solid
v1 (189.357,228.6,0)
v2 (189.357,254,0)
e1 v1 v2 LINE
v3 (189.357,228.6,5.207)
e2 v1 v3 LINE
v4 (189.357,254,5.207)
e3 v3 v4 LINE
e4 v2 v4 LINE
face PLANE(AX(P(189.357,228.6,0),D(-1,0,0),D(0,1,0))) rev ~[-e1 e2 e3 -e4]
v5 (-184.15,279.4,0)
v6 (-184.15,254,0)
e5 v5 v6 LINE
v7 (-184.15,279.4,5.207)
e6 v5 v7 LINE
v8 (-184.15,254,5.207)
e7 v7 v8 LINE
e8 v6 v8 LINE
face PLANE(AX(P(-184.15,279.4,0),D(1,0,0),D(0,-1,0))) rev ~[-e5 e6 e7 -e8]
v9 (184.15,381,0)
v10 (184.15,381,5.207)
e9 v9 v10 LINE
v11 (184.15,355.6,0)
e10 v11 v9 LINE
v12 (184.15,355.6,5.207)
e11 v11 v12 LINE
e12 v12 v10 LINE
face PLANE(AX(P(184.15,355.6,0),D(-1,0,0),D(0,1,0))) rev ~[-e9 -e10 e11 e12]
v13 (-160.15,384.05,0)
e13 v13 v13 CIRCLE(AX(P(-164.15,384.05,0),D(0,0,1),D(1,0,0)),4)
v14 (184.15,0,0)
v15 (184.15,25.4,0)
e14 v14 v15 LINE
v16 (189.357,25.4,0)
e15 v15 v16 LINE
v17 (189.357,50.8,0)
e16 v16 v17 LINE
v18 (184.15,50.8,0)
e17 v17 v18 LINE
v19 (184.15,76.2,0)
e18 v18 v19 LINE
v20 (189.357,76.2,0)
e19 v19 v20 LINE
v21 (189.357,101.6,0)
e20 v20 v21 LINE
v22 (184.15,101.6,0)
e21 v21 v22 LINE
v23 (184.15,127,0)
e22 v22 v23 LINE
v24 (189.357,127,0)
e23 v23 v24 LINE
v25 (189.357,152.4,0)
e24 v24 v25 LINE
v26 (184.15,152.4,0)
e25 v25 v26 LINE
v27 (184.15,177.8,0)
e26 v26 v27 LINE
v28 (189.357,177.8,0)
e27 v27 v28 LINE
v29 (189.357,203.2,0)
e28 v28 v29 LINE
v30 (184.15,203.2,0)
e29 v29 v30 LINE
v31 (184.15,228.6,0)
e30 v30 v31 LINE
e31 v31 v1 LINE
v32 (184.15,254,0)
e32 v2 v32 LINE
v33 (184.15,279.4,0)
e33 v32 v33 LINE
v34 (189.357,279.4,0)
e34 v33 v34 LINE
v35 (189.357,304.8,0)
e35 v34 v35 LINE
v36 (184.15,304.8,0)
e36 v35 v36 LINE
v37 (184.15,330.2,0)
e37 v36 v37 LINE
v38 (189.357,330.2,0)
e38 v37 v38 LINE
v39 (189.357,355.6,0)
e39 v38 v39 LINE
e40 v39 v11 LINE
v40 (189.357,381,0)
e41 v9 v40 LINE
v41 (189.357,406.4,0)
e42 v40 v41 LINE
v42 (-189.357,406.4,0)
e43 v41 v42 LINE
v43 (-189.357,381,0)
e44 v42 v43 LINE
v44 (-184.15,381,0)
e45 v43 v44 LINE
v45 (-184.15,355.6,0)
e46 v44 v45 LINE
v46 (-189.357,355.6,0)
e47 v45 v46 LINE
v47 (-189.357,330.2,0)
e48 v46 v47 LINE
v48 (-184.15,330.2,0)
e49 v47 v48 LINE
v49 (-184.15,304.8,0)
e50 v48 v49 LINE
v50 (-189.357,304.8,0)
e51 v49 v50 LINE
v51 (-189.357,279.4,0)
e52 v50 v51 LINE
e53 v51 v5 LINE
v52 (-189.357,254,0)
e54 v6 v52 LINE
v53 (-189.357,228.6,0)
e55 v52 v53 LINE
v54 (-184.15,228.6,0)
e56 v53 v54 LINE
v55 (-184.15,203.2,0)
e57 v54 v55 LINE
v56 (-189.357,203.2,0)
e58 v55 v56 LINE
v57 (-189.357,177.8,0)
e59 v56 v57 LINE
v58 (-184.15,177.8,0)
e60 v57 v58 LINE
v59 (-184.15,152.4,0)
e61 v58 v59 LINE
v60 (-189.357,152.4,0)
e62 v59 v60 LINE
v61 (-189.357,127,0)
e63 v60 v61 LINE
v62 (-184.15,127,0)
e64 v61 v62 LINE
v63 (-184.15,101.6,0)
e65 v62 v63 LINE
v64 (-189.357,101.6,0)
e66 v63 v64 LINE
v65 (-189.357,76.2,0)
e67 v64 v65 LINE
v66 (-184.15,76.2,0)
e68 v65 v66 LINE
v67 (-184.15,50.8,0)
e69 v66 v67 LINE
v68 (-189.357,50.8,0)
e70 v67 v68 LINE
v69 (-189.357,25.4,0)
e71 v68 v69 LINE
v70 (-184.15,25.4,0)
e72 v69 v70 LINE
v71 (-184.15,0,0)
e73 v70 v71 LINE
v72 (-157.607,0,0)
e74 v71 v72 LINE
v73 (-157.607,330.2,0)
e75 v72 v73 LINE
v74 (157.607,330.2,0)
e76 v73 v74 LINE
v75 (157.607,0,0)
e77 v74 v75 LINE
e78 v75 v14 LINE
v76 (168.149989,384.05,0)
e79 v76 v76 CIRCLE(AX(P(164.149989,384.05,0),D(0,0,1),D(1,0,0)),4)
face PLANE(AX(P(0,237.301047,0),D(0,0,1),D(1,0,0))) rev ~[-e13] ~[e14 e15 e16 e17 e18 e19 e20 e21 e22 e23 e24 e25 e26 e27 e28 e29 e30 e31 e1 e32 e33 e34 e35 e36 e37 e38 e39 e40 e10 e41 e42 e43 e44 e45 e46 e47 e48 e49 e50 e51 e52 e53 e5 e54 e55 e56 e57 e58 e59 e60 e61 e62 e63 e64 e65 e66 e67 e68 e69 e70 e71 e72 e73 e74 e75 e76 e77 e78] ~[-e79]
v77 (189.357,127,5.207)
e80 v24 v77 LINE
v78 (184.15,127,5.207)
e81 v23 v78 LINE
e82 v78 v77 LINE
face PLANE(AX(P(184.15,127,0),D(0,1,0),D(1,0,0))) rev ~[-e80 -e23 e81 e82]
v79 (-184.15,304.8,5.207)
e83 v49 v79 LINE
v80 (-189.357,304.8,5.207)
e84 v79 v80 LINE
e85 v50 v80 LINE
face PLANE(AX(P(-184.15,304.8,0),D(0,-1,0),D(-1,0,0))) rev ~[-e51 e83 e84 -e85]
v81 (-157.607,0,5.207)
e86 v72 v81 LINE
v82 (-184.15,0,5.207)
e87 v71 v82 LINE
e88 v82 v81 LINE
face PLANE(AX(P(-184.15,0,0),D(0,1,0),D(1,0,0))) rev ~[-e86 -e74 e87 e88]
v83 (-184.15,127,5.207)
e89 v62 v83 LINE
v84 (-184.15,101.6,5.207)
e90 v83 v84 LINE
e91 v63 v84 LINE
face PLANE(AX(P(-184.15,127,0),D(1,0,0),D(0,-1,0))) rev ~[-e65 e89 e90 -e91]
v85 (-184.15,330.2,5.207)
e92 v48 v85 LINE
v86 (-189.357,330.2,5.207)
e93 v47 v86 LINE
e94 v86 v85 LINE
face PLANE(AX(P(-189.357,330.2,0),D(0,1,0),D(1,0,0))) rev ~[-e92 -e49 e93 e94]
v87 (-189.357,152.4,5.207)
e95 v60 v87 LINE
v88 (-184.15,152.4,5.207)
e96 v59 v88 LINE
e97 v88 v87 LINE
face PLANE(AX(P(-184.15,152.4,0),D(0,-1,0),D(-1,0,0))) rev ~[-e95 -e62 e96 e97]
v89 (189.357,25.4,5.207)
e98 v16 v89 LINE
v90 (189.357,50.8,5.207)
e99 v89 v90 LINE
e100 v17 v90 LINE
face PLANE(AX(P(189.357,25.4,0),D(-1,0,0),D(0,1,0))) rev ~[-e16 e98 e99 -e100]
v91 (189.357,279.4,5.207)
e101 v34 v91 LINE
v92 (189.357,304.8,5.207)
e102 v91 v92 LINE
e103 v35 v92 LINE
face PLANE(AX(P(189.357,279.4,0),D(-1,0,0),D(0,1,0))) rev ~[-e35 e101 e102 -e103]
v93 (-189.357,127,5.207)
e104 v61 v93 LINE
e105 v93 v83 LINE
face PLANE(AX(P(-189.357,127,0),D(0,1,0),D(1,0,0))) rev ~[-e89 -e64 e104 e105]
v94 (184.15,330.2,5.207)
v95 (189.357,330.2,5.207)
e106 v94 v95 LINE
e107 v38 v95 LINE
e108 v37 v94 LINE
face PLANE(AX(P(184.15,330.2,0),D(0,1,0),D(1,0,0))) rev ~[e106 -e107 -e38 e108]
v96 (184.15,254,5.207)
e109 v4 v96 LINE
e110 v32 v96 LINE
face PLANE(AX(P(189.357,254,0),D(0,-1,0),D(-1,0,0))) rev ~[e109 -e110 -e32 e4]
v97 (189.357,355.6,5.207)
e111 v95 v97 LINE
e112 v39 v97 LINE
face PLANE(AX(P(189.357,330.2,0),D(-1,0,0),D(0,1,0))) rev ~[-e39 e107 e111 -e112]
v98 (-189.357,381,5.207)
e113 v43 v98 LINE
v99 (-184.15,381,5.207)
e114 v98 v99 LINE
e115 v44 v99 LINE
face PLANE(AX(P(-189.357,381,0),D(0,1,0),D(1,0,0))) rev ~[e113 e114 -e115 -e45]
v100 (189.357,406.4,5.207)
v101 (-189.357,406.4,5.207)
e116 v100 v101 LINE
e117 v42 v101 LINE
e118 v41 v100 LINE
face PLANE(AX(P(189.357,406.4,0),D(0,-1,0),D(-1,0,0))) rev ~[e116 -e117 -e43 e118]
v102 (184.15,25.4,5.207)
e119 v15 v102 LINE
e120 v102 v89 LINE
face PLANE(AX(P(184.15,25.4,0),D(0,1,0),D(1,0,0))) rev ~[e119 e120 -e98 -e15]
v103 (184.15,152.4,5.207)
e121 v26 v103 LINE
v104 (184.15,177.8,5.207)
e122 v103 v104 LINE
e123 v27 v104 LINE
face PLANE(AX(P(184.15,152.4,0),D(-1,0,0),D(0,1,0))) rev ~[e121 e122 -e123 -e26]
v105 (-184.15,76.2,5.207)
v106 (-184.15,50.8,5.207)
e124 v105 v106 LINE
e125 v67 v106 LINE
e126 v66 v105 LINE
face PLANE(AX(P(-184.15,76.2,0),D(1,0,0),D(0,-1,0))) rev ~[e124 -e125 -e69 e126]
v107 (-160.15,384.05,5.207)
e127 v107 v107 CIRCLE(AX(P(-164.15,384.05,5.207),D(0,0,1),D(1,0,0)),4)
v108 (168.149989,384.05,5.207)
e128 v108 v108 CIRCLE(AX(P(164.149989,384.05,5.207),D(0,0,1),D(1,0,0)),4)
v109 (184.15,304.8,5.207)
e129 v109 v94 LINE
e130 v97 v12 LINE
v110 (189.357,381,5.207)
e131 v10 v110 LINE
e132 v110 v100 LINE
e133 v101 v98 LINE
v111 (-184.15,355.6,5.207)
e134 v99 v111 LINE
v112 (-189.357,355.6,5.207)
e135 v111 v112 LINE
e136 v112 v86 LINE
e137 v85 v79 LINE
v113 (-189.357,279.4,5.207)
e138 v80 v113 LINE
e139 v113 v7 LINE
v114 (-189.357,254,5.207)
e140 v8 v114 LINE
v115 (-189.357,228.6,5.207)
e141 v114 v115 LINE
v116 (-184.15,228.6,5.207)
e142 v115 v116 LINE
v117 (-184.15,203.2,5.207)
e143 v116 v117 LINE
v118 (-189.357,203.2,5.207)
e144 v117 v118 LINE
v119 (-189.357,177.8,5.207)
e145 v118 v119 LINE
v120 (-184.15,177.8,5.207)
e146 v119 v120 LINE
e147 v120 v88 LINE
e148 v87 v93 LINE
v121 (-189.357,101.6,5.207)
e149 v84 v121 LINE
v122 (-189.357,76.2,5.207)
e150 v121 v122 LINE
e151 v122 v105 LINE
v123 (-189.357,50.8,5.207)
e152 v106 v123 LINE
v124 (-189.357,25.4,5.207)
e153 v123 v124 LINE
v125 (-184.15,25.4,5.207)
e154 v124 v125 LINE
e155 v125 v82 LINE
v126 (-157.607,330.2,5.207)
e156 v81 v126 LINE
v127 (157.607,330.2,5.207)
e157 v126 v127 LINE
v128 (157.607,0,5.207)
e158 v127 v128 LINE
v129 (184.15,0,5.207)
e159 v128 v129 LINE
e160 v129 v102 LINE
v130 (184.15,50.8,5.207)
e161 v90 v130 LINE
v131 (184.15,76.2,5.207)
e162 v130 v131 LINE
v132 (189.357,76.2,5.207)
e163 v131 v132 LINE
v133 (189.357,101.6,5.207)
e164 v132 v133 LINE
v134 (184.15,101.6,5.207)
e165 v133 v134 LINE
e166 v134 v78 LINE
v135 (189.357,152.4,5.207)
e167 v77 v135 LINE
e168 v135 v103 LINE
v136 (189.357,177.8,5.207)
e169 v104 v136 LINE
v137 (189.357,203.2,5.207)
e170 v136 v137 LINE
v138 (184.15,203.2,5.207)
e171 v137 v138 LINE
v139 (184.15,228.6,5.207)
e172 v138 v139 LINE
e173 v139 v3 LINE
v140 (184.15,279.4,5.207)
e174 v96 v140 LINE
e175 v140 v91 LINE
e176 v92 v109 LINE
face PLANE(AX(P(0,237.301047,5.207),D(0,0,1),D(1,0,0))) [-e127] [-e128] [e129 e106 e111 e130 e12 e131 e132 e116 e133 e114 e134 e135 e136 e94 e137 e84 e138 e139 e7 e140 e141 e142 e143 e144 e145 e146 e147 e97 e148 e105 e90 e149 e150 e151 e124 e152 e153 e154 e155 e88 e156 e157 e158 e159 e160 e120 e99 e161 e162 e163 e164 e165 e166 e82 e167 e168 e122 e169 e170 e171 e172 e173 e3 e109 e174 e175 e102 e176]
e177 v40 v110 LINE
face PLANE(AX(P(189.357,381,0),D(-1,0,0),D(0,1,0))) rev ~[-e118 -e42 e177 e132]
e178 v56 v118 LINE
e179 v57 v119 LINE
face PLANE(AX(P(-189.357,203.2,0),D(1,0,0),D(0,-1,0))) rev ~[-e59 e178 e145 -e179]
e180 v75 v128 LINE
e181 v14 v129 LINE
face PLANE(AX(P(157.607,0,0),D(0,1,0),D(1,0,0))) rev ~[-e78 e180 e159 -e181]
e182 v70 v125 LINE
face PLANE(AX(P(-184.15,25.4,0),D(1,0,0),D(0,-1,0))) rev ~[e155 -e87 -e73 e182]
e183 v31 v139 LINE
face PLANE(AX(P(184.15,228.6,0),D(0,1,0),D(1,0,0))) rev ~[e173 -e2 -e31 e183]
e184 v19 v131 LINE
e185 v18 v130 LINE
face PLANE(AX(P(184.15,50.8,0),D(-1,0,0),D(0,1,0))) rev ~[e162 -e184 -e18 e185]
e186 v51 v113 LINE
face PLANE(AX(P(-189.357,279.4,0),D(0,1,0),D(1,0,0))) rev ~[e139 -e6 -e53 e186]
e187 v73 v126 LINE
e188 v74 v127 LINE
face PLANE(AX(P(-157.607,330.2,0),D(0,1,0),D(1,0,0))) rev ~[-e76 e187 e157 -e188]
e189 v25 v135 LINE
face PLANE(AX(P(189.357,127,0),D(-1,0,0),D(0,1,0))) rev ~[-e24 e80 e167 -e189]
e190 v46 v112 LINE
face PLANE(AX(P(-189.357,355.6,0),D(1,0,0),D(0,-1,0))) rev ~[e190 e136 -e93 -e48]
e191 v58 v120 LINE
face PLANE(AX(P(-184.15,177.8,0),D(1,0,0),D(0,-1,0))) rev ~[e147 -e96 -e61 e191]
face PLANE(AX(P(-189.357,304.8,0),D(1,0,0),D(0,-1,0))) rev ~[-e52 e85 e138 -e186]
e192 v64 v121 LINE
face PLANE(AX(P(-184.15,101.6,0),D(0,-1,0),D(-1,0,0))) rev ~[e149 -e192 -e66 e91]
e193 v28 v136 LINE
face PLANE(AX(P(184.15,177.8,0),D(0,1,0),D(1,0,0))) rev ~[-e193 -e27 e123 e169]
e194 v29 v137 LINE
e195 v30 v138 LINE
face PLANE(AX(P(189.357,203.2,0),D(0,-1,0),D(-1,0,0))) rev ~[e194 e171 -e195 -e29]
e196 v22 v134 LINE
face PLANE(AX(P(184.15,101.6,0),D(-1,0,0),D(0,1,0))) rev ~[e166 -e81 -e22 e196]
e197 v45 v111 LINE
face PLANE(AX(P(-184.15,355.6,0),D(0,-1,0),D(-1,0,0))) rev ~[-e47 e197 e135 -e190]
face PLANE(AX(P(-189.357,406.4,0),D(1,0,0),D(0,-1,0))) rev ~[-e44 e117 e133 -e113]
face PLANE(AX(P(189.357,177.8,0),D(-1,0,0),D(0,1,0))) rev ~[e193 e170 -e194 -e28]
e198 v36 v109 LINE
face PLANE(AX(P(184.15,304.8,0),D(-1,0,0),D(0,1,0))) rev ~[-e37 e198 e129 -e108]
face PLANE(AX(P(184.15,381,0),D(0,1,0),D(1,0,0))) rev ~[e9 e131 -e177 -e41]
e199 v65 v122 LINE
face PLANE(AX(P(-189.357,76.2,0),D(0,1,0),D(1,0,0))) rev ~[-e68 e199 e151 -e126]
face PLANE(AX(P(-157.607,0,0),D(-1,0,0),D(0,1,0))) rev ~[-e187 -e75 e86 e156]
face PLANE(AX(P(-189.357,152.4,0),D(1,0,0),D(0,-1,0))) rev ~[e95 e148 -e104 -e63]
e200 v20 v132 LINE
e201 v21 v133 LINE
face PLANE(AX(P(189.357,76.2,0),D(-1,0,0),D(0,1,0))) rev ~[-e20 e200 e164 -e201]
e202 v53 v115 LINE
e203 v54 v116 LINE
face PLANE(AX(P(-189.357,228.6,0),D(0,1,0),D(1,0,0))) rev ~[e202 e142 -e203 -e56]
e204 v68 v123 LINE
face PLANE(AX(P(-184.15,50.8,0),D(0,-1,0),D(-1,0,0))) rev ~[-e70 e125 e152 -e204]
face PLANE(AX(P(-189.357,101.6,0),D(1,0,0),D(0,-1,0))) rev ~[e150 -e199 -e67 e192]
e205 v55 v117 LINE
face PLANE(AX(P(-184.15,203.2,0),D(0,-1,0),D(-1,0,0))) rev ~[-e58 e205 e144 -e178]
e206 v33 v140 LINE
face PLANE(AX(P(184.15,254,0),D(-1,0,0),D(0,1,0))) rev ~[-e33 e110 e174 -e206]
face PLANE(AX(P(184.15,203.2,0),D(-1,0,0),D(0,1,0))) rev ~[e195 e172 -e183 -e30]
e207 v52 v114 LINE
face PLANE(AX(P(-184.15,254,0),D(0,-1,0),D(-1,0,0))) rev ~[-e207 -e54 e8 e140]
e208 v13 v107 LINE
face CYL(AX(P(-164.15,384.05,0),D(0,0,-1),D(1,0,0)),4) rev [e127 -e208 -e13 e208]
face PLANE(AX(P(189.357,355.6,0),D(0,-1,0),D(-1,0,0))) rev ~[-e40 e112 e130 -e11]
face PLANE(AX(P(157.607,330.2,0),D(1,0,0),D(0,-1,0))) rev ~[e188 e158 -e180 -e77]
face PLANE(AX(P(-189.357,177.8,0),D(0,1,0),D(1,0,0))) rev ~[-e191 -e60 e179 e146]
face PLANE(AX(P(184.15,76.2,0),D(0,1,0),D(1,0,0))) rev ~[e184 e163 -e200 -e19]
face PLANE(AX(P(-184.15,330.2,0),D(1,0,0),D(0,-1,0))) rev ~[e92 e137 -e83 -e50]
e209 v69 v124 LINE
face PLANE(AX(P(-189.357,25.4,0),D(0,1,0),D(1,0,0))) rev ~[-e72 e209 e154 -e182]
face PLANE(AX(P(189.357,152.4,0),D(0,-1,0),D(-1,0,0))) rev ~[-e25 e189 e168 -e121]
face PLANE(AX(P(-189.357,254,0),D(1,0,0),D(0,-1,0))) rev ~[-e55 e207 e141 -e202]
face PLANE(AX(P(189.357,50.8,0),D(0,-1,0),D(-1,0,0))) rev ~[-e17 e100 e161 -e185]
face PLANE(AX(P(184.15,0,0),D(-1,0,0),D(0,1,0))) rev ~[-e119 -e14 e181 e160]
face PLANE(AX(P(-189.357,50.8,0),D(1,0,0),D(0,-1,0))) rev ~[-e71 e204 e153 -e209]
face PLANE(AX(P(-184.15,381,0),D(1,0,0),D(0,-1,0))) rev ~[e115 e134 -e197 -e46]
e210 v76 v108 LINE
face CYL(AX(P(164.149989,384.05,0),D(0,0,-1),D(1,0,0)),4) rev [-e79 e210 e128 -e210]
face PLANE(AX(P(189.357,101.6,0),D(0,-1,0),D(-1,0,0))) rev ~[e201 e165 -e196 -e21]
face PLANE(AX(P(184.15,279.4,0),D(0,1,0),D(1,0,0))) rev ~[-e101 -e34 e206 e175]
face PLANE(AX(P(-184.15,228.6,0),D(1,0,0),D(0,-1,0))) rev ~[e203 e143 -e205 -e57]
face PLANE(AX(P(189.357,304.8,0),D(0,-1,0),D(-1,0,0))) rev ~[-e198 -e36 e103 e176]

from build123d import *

# Parameters (mm, degrees)
SKETCH1_R           = 4
BOSS_EXTRUDE1_DEPTH = 5.207


with BuildPart() as part:
    # Sketch1 → Boss-Extrude1 (new body)
    with BuildSketch(Plane.XY):
        Polygon((-184.15, 25.4), (-184.15, 0), (-157.607, 0), (-157.607, 330.2), (157.607, 330.2), (157.607, 0), (184.15, 0), (184.15, 25.4), (189.357, 25.4), (189.357, 50.8), (184.15, 50.8), (184.15, 76.2), (189.357, 76.2), (189.357, 101.6), (184.15, 101.6), (184.15, 127), (189.357, 127), (189.357, 152.4), (184.15, 152.4), (184.15, 177.8), (189.357, 177.8), (189.357, 203.2), (184.15, 203.2), (184.15, 228.6), (189.357, 228.6), (189.357, 254), (184.15, 254), (184.15, 279.4), (189.357, 279.4), (189.357, 304.8), (184.15, 304.8), (184.15, 330.2), (189.357, 330.2), (189.357, 355.6), (184.15, 355.6), (184.15, 381), (189.357, 381), (189.357, 406.4), (-189.357, 406.4), (-189.357, 381), (-184.15, 381), (-184.15, 355.6), (-189.357, 355.6), (-189.357, 330.2), (-184.15, 330.2), (-184.15, 304.8), (-189.357, 304.8), (-189.357, 279.4), (-184.15, 279.4), (-184.15, 254), (-189.357, 254), (-189.357, 228.6), (-184.15, 228.6), (-184.15, 203.2), (-189.357, 203.2), (-189.357, 177.8), (-184.15, 177.8), (-184.15, 152.4), (-189.357, 152.4), (-189.357, 127), (-184.15, 127), (-184.15, 101.6), (-189.357, 101.6), (-189.357, 76.2), (-184.15, 76.2), (-184.15, 50.8), (-189.357, 50.8), (-189.357, 25.4), align=None)
        with Locations((-164.150000122, 384.05)):
            Circle(SKETCH1_R, mode=Mode.SUBTRACT)
        with Locations((164.1499892, 384.05)):
            Circle(SKETCH1_R, mode=Mode.SUBTRACT)
    extrude(amount=BOSS_EXTRUDE1_DEPTH)


solid = part.part
